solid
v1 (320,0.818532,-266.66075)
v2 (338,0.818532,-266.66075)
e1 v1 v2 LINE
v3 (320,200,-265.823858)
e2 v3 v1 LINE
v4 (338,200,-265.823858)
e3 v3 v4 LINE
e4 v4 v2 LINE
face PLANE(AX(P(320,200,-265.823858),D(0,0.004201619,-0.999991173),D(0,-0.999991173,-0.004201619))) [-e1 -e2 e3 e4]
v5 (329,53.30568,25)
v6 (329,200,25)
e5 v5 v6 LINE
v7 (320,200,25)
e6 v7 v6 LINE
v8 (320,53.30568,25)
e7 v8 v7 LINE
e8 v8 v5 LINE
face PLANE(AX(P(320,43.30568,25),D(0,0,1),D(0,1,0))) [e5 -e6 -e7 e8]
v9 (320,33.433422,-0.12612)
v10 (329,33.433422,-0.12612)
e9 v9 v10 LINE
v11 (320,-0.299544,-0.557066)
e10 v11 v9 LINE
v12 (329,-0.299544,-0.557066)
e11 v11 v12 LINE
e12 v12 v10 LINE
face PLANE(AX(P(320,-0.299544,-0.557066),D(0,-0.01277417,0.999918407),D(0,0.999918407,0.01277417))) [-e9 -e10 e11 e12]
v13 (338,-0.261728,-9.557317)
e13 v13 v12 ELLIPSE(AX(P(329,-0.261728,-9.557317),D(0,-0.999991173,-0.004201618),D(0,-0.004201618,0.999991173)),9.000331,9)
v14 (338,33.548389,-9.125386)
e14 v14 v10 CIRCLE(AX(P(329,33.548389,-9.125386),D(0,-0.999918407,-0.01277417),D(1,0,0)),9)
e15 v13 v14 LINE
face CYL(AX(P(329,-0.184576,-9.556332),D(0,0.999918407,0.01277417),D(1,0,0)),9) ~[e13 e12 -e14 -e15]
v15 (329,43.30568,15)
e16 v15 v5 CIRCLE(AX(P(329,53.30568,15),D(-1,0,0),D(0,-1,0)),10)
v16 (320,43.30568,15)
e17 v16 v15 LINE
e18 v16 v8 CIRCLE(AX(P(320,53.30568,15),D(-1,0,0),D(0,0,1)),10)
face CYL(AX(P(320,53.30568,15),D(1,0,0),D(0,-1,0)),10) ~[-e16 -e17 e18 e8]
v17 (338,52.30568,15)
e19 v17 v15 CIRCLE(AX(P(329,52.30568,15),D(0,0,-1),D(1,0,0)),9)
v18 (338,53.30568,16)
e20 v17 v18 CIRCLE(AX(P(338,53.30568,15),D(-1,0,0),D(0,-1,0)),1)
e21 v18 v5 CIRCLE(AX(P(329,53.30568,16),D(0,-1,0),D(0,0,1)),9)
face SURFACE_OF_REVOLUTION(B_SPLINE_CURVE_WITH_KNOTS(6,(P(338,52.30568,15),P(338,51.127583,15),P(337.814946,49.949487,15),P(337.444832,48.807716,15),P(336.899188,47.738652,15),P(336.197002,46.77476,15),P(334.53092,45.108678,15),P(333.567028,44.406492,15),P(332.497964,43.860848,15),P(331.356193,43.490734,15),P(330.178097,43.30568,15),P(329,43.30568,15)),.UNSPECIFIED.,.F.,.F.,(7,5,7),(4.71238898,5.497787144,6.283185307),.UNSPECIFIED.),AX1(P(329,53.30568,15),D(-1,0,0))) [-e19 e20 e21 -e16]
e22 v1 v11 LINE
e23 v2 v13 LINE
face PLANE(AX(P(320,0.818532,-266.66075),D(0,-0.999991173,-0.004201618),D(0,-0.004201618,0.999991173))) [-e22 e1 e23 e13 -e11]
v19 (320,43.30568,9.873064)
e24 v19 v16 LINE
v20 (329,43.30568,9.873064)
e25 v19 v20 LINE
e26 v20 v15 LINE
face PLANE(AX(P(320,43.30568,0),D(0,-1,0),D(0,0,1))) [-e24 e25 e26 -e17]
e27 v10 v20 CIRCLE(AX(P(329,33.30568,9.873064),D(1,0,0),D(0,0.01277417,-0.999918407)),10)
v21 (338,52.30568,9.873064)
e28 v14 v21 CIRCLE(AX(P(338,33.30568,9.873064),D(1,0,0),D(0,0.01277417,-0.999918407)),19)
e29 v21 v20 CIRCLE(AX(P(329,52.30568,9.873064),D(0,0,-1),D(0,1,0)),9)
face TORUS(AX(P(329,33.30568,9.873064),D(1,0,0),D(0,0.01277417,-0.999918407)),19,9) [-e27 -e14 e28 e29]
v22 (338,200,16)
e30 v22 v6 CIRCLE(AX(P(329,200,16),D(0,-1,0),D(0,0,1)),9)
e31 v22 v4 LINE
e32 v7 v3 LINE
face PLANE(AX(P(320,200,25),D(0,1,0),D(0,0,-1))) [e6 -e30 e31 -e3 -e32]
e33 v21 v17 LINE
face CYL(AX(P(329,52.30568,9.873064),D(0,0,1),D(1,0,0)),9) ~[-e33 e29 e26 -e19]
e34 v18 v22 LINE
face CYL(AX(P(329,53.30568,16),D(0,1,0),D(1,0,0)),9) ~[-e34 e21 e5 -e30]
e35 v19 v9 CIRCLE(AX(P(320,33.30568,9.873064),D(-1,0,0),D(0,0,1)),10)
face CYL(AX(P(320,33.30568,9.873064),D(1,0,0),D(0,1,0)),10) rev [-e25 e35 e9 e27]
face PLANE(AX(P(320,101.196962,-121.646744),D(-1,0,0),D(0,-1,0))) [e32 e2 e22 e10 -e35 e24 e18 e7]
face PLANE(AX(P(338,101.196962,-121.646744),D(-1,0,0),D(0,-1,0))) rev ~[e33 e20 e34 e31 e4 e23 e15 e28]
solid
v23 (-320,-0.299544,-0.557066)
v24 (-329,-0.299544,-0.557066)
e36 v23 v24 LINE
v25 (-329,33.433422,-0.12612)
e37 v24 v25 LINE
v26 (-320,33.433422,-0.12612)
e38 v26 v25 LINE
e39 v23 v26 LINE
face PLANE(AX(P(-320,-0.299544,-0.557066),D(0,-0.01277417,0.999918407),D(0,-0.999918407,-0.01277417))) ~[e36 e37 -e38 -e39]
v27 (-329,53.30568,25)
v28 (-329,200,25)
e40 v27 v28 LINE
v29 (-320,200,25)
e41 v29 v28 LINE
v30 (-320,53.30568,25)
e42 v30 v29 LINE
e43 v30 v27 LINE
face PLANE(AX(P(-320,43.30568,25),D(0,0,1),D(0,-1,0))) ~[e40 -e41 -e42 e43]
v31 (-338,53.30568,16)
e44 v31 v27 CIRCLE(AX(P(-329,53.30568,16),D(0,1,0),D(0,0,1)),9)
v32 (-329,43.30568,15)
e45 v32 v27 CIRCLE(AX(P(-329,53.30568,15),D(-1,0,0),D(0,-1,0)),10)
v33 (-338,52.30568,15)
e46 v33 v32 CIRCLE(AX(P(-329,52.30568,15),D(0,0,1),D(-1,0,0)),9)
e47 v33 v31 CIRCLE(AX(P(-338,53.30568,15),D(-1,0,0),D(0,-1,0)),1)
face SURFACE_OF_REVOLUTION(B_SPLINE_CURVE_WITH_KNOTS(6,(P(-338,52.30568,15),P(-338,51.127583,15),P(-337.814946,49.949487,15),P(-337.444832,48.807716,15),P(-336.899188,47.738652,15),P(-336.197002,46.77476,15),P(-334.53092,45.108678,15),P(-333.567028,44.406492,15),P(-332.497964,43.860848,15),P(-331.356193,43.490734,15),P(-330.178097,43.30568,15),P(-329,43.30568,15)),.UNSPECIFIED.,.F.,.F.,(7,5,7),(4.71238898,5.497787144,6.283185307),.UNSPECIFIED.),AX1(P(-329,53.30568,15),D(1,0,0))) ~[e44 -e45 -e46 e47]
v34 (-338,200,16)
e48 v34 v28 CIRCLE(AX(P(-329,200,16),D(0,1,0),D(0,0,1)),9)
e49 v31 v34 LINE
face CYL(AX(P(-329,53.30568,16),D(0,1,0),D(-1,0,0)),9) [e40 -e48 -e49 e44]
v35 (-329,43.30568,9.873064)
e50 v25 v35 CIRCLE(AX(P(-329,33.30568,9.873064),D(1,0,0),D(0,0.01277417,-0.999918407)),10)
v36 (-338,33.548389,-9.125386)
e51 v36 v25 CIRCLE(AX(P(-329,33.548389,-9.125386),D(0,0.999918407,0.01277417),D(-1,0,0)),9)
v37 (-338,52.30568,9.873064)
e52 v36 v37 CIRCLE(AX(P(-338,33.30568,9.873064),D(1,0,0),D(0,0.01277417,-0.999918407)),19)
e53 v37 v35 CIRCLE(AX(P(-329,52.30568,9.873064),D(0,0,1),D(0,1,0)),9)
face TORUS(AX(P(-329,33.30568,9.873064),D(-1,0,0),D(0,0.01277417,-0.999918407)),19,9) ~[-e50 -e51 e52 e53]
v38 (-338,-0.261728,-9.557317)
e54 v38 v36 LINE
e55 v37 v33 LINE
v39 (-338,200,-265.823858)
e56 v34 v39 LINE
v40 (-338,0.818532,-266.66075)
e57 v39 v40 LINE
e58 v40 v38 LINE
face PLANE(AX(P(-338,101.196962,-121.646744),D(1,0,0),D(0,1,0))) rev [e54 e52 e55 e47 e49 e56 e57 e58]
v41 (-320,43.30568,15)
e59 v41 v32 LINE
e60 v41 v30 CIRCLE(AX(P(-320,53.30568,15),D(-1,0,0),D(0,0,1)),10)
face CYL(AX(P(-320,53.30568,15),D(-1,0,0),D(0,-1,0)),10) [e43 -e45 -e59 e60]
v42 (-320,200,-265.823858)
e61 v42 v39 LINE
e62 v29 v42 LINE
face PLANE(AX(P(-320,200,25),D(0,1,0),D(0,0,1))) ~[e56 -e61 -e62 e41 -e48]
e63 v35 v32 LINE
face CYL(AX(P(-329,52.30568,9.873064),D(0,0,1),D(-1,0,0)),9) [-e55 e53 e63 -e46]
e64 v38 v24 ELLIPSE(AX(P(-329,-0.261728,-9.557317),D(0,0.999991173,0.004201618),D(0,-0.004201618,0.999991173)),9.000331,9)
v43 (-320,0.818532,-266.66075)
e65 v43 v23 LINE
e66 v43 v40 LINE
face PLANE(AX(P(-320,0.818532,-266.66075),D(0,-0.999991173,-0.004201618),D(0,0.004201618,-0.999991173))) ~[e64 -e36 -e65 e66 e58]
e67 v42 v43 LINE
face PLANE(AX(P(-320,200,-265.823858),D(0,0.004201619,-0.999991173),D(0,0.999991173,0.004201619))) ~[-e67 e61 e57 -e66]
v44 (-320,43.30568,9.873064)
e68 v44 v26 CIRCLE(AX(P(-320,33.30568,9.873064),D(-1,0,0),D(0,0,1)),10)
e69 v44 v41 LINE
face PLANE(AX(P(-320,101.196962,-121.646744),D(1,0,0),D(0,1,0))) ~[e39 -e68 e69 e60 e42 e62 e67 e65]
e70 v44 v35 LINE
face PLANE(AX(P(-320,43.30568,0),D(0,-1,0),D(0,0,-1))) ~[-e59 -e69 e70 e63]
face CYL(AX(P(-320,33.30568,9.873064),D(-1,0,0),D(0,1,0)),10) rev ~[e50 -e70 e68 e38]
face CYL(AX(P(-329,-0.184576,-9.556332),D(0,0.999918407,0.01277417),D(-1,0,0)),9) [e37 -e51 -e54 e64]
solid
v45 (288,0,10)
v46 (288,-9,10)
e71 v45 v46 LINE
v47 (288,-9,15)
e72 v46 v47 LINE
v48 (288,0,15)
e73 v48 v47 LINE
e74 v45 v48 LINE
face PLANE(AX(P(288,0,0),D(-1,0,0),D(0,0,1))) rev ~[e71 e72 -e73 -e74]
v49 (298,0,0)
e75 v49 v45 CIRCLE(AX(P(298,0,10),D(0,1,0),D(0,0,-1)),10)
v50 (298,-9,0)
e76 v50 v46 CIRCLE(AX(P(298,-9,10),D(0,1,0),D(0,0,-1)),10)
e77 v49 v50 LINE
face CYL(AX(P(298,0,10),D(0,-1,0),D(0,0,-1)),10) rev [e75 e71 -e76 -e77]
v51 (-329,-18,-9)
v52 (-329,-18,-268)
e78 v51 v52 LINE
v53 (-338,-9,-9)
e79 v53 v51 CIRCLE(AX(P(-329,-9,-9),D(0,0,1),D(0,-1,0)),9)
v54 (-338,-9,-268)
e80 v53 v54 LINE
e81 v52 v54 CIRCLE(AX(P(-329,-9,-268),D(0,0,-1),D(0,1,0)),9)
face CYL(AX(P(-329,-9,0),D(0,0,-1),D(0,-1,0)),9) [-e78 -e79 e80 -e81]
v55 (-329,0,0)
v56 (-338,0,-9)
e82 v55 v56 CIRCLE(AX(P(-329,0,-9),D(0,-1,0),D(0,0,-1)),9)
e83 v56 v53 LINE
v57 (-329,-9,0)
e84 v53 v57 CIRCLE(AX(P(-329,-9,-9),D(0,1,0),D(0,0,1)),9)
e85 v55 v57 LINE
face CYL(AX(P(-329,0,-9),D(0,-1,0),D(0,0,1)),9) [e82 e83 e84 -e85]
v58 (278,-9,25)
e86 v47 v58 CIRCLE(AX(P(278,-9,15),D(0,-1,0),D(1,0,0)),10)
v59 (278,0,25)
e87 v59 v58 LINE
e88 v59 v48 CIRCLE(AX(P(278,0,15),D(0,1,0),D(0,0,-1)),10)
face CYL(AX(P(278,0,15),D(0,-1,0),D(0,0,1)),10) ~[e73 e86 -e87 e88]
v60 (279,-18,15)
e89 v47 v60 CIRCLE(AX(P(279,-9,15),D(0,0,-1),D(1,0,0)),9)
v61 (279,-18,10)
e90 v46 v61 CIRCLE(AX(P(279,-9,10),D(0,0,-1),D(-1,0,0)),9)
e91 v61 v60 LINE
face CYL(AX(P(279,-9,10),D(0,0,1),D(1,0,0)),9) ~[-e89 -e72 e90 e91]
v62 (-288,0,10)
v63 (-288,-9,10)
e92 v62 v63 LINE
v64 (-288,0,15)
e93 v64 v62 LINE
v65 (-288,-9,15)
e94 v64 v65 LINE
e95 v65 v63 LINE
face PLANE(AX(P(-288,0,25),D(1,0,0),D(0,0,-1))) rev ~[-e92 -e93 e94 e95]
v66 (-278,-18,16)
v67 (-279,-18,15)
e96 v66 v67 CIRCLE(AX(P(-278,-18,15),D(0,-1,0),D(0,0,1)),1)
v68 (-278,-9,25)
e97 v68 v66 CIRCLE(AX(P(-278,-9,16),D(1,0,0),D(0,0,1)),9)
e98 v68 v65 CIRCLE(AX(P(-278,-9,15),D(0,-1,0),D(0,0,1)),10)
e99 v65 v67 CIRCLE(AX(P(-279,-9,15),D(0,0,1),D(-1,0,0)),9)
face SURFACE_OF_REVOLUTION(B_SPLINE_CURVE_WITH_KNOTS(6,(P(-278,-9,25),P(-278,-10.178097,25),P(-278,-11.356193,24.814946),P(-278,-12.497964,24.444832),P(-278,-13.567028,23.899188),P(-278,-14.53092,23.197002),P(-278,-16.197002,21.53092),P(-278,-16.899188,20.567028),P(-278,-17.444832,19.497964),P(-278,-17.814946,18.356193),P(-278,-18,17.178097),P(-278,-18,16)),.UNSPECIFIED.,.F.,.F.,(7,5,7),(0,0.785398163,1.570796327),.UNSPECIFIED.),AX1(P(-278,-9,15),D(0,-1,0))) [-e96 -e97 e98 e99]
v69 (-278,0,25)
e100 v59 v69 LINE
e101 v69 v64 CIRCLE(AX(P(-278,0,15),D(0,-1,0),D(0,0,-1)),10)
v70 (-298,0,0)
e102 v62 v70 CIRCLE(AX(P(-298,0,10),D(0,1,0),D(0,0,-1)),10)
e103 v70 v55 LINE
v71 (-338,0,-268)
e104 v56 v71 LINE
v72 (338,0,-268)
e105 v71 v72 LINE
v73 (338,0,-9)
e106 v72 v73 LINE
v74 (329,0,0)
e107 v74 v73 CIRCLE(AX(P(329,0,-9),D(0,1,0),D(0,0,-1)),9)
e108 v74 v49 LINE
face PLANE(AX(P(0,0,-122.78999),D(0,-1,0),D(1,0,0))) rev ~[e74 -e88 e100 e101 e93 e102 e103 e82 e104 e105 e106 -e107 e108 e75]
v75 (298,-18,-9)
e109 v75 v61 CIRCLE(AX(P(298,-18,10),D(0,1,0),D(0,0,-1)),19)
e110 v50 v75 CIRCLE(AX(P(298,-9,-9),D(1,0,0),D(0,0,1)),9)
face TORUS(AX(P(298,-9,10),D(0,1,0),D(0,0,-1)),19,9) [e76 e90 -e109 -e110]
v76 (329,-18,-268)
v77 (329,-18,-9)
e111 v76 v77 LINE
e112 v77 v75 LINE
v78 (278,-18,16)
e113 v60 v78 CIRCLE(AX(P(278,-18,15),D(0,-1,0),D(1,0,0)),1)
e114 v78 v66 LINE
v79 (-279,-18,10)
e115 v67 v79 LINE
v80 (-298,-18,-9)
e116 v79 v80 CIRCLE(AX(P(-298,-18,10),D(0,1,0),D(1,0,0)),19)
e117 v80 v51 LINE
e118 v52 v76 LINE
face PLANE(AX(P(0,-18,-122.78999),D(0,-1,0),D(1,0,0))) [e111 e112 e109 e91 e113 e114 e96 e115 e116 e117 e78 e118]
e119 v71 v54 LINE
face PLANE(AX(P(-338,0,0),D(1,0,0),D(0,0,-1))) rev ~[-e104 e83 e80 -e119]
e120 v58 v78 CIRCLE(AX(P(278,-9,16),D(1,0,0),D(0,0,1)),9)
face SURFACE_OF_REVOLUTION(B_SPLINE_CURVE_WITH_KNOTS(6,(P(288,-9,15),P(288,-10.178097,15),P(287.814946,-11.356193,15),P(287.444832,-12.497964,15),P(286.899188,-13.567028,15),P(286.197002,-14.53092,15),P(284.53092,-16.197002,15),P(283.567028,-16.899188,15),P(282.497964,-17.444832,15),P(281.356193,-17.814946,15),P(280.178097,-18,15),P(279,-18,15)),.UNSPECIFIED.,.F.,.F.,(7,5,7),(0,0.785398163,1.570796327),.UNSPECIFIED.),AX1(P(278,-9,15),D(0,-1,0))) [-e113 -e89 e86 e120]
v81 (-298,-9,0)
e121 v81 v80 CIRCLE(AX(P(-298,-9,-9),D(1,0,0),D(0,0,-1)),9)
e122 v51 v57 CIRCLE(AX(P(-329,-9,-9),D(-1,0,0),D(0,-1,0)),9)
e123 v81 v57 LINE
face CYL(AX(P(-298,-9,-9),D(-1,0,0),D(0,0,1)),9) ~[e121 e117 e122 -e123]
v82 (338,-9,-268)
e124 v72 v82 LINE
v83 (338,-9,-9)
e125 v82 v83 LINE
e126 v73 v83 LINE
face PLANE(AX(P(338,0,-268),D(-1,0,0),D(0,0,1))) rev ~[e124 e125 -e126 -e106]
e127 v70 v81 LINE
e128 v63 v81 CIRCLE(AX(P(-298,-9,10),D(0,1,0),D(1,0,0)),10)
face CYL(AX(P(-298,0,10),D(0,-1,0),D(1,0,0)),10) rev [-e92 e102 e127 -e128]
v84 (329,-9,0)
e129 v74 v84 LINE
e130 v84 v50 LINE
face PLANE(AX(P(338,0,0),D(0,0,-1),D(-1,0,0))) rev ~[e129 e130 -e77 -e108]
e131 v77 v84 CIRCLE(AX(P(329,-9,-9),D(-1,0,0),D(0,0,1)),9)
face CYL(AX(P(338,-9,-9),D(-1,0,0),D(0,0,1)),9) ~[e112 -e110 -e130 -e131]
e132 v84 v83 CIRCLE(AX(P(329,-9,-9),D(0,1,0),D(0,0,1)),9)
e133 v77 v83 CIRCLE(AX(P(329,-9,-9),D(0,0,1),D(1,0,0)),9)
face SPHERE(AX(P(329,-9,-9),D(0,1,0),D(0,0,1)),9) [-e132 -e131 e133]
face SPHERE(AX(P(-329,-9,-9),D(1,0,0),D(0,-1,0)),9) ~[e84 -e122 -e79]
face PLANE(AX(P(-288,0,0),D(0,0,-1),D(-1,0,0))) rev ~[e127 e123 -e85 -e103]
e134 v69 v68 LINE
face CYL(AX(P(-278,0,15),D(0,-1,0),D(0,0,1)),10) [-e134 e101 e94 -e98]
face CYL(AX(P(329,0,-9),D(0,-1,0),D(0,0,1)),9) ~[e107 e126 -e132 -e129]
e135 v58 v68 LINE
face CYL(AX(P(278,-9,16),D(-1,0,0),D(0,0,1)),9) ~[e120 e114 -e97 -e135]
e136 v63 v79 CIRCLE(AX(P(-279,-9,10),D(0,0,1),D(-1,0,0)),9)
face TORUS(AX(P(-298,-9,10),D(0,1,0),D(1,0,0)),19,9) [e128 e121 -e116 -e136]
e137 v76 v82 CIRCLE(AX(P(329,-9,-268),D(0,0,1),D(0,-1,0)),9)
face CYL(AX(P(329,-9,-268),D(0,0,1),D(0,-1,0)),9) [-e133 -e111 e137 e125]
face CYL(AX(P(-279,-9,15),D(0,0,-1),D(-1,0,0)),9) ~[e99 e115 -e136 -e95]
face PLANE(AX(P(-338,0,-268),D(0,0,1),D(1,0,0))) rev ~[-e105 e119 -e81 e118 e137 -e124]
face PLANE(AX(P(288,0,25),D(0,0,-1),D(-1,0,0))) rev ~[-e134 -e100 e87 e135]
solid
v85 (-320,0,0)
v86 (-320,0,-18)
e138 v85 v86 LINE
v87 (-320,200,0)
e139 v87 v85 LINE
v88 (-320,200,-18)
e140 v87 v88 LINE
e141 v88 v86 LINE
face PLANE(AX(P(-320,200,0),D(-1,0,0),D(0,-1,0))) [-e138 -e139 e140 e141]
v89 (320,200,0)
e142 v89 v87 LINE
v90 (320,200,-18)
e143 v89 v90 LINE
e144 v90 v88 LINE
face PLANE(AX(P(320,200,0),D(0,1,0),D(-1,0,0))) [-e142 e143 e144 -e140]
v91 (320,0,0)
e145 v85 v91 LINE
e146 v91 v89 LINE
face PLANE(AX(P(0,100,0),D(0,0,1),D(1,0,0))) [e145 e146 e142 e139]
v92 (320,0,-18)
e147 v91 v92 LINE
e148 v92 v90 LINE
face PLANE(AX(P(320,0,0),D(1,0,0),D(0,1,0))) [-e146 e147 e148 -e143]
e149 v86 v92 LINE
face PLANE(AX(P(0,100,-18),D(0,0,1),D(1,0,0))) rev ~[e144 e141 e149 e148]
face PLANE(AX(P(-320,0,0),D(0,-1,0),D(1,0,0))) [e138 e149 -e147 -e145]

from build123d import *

# Parameters (mm, degrees)
F1_DEPTH = 18
F3_DEPTH = 18
F6_DEPTH = 18
F8_R     = 10
F8_2_R   = 10
F9_R     = 9
F9_2_R   = 9


with BuildPart() as f1:
    # F0 (on Top) → F1 (new body)
    with BuildSketch(Plane.XY):
        Polygon((-320, 0), (0, 0), (320, 0), (320, 200), (0, 200), (-320, 200), align=None)
    extrude(amount=-F1_DEPTH)


with BuildPart() as f3:
    # F2 (on Front) → F3 (new body)
    with BuildSketch(Plane.XZ):
        Polygon((288, 25), (0, 25), (-288, 25), (-288, 0), (-338, 0), (-338, -268), (0, -268), (338, -268), (338, 0), (288, 0), align=None)
    extrude(amount=F3_DEPTH)

    # F8#2
    f8_2_edges = [f3.edges().sort_by_distance(p)[0] for p in [
        (288, -9, 0),
        (-288, -9, 25),
        (-288, -9, 0),
        (288, -9, 25),
    ]]
    fillet(f8_2_edges, radius=F8_2_R)

    # F9#2
    f9_2_edges = [f3.edges().sort_by_distance(p)[0] for p in [
        (338, -9, 0),
        (0, -18, 25),
        (338, -18, -134),
        (-338, -18, -134),
        (-338, -9, 0),
    ]]
    fillet(f9_2_edges, radius=F9_2_R)


with BuildPart() as f6:
    # F5 (on face) → F6 (new body)
    with BuildSketch(Plane(origin=(320, 0, 0), x_dir=(0, -1, 0), z_dir=(-1, 0, 0))):
        Polygon((-43.30568, 0), (-43.30568, 25), (-200, 25), (-200, -265.823858), (-0.818532, -266.66075), (0.299544, -0.557066), align=None)
    extrude(amount=-F6_DEPTH)

    # F8
    f8_edges = [f6.edges().sort_by_distance(p)[0] for p in [
        (329, 43.30568, 0),
        (329, 43.30568, 25),
    ]]
    fillet(f8_edges, radius=F8_R)

    # F9
    f9_edges = [f6.edges().sort_by_distance(p)[0] for p in [
        (338, 126.65284, 25),
    ]]
    fillet(f9_edges, radius=F9_R)


with BuildPart() as f7_1:
    # F7: instance of F6
    add(f6.part.mirror(Plane.YZ))


solid = Compound([f1.part, f3.part, f6.part, f7_1.part])
